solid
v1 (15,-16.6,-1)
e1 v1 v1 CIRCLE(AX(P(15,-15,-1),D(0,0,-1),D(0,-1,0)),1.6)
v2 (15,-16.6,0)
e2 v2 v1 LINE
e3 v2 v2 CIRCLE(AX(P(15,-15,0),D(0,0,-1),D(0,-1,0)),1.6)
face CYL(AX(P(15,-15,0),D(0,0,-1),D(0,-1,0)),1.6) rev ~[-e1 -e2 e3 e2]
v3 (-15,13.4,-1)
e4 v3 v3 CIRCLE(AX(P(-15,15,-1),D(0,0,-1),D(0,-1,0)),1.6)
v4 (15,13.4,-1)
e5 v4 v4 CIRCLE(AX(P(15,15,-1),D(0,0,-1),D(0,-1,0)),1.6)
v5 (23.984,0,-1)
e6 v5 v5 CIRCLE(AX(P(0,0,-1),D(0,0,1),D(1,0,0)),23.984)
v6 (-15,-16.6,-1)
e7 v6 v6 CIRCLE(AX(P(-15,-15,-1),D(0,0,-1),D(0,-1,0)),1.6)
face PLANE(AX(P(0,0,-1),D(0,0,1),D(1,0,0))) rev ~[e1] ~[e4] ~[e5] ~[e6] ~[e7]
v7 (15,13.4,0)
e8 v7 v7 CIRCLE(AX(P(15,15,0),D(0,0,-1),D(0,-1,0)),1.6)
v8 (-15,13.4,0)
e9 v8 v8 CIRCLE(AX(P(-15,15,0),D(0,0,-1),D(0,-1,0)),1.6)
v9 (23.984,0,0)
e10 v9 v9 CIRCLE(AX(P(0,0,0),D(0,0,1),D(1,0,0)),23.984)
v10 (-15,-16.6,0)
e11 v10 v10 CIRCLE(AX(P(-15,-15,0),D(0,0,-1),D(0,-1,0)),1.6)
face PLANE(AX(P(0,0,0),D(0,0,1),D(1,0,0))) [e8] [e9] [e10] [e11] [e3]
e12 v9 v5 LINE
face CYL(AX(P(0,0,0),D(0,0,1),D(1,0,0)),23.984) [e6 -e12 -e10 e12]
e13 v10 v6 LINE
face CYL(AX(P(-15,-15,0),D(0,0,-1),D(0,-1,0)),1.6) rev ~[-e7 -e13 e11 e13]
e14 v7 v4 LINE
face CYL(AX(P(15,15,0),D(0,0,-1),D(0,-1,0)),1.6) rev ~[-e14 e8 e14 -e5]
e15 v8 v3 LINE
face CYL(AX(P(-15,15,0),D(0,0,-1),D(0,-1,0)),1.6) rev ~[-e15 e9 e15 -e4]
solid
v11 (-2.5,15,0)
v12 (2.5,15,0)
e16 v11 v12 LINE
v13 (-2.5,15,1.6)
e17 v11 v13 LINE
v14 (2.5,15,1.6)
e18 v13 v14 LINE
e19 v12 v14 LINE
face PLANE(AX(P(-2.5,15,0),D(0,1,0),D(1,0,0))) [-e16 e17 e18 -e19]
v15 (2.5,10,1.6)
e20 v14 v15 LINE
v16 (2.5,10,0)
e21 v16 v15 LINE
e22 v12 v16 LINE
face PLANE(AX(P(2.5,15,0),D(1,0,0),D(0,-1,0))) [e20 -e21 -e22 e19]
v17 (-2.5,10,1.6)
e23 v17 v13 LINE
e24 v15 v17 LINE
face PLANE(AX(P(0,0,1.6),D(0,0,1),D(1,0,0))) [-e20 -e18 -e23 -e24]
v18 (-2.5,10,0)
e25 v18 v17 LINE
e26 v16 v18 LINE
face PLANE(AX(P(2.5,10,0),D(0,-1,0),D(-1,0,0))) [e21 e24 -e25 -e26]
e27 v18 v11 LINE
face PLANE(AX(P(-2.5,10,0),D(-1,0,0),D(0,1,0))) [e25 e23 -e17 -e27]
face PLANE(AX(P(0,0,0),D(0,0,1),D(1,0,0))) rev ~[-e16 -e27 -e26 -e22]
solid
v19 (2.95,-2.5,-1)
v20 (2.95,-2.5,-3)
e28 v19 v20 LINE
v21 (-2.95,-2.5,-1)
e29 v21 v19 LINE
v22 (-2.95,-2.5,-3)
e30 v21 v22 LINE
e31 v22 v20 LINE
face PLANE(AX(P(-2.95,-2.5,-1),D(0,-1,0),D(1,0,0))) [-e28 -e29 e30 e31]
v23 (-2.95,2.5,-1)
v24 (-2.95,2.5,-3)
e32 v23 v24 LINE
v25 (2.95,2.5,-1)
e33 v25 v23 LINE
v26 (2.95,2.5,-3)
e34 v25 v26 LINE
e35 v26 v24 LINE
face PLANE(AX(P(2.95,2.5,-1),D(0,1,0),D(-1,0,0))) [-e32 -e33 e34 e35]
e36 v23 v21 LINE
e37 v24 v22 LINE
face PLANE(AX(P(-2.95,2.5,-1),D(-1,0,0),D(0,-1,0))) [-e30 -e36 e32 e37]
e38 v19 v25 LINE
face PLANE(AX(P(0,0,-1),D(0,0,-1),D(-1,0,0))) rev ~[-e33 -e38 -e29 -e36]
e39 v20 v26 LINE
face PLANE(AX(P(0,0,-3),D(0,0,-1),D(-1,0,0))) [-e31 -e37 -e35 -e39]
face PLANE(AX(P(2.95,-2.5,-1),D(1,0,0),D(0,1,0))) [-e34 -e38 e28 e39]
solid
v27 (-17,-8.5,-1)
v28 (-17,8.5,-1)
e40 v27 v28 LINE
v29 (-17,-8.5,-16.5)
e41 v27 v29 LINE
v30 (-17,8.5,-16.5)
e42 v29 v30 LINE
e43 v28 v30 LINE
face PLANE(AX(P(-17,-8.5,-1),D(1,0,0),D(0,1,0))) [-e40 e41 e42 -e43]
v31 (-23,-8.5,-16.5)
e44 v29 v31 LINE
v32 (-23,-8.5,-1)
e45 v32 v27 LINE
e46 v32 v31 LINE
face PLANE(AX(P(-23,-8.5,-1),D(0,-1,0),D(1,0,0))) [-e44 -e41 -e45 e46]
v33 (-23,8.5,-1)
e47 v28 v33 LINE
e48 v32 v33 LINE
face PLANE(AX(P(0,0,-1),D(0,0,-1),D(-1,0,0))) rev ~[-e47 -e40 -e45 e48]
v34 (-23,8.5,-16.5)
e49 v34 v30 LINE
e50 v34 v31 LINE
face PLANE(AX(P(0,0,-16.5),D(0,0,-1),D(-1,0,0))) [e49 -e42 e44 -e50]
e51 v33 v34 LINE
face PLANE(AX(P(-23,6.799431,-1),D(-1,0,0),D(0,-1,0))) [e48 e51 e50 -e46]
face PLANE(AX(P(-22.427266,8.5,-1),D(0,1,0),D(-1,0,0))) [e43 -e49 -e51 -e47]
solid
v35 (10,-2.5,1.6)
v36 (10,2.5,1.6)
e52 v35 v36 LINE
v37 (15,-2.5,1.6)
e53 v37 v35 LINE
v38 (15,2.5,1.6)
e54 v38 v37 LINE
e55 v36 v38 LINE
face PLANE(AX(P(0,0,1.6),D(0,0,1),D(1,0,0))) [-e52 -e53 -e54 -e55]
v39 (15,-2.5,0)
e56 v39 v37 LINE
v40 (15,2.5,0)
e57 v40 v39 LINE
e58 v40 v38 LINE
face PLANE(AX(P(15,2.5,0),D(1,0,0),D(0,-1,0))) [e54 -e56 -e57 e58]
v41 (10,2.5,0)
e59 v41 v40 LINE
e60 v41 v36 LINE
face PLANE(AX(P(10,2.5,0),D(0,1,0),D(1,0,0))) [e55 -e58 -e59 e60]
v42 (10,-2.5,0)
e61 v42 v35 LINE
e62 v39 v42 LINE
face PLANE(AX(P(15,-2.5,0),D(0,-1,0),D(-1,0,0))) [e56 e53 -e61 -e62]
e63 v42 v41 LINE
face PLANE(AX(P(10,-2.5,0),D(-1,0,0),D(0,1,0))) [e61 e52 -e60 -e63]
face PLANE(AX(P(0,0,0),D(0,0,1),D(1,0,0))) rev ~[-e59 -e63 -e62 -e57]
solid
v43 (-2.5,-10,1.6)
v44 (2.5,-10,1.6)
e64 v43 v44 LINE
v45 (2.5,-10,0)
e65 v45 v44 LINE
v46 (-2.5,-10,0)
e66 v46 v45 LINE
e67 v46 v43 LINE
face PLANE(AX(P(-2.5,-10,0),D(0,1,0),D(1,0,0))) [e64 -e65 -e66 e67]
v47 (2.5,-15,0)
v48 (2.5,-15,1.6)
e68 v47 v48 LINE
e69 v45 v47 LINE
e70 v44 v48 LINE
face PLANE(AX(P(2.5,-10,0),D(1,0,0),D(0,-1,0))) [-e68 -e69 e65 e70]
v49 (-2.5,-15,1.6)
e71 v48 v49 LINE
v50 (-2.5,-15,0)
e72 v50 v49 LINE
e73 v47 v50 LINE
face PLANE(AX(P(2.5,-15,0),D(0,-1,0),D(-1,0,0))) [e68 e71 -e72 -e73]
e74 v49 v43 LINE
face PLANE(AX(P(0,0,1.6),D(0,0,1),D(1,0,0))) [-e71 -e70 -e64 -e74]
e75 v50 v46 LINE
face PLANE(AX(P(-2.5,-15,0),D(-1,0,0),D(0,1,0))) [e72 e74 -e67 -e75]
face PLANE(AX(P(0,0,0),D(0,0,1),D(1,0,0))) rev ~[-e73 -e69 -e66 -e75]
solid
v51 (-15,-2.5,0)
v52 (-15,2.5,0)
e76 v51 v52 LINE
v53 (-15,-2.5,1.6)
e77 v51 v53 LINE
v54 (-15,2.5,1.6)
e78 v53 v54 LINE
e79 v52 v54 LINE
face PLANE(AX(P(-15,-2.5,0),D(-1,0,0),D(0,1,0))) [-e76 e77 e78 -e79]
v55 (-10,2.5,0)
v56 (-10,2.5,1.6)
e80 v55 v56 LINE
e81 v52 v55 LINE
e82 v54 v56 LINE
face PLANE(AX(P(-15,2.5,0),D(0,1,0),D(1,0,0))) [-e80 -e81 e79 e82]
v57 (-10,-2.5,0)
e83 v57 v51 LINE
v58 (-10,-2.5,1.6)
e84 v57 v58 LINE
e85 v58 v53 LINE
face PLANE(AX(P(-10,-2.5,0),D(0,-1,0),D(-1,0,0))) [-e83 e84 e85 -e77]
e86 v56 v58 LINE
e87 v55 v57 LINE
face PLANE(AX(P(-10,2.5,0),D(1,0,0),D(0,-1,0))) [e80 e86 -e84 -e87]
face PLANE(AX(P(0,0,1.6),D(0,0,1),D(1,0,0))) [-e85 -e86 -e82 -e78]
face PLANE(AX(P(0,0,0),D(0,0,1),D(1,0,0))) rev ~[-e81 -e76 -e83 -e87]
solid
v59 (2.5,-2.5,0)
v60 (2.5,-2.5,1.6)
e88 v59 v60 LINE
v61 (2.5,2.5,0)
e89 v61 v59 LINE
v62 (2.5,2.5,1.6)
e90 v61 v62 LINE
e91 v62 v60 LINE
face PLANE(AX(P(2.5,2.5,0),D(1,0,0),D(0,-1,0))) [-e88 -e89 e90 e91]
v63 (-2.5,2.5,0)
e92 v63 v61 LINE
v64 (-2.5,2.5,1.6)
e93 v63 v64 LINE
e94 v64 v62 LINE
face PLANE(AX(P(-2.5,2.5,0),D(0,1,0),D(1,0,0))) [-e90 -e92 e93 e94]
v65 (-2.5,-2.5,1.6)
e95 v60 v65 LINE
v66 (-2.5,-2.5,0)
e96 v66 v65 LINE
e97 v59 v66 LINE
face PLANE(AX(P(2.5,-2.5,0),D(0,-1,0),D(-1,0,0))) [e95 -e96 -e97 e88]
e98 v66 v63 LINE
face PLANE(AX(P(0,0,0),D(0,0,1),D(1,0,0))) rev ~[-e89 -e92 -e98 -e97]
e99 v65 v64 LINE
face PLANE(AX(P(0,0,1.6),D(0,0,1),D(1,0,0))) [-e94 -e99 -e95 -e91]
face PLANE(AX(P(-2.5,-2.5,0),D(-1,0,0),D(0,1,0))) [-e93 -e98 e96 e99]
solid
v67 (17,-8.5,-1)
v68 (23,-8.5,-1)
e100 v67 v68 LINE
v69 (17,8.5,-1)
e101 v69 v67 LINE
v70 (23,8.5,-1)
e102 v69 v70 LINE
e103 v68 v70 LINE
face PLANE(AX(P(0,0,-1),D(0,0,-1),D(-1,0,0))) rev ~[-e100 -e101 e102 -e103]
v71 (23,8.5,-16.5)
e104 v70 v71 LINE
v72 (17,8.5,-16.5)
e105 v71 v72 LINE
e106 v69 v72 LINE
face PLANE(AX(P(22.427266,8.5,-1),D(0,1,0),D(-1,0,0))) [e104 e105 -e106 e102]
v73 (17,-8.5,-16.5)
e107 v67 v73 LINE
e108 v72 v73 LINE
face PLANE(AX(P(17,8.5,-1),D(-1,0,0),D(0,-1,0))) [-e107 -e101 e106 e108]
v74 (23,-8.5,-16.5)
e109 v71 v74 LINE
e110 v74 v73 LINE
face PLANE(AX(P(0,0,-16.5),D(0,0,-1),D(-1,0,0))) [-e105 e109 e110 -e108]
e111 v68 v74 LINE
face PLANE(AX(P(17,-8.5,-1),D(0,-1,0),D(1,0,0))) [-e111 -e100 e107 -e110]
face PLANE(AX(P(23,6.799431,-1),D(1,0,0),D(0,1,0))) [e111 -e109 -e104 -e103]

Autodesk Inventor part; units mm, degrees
ref_plane "YZ Plane" through (0, 0, 0) normal (1, 0, 0) x (0, 1, 0)
ref_plane "XZ Plane" through (0, 0, 0) normal (0, 1, 0) x (-1, 0, 0)
ref_plane "XY Plane" through (0, 0, 0) normal (0, 0, 1) x (1, 0, 0)
sketch "Skizze1" plane through (0, 0, 0) normal (0, 0, 1) x (1, 0, 0)
  circle A0 centre (0, 0) radius 25
  circle A1 centre (0, 0) radius 23.984
  circle A2 centre (0, 0) radius 21.2132 construction
  line L0 (-15, 15) -> (15, 15) construction
  line L1 (15, 15) -> (15, -15) construction
  line L2 (15, -15) -> (-15, -15) construction
  line L3 (-15, -15) -> (-15, 15) construction
  point P0 (15, 15)
  point P1 (15, -15)
  dimension "d0" = 50
  dimension "d1" = 1.016
  dimension "d2" = 30
extrude "Extrusion1" add sketch "Skizze1" against normal blind 1 contours A1
hole "Bohrung1" at (-15, 15, 0) at (15, 15, 0) at (15, -15, 0) at (-15, -15, 0) direction (0, 0, -1) diameter 3.2 end through all
sketch "Skizze2" plane through (0, 0, 0) normal (0, 0, 1) x (1, 0, 0)
  circle A0 centre (15, -15) radius 1.6 projected
  circle A1 centre (-15, 15) radius 1.6 projected
  circle A2 centre (15, 15) radius 1.6 projected
  circle A3 centre (-15, -15) radius 1.6 projected
  circle A4 centre (0, 0) radius 23.984 projected
  line L0 (-25.6213, 25.3721) -> (25.184, 25.3721) construction
  line L1 (25.184, 25.3721) -> (25.184, -25.4332) construction
  line L2 (25.184, -25.4332) -> (-25.6213, -25.4332) construction
  line L3 (-25.6213, -25.4332) -> (-25.6213, 25.3721) construction
sketch "Skizze3" plane through (0, 0, 0) normal (0, 0, 1) x (1, 0, 0)
  circle A0 centre (0, 0) radius 23.984 projected
  line L0 (-2.5, 2.5) -> (2.5, 2.5)
  line L1 (2.5, 2.5) -> (2.5, -2.5)
  line L2 (2.5, -2.5) -> (-2.5, -2.5)
  line L3 (-2.5, -2.5) -> (-2.5, 2.5)
  line L4 (-15, 2.5) -> (-10, 2.5)
  line L5 (-10, 2.5) -> (-10, -2.5)
  line L6 (-10, -2.5) -> (-15, -2.5)
  line L7 (-15, -2.5) -> (-15, 2.5)
  line L8 (-15, 2.5) -> (-10, -2.5) construction
  line L9 (-2.5, 2.5) -> (2.5, -2.5) construction
  line L10 (2.5, -2.5) -> (0, 0) construction
  line L11 (0, 0) -> (-12.5, 0) construction
  line L12 (-2.5, -15) -> (-2.5, -10)
  line L13 (-2.5, -10) -> (2.5, -10)
  line L14 (2.5, -10) -> (2.5, -15)
  line L15 (2.5, -15) -> (-2.5, -15)
  line L16 (15, -2.5) -> (10, -2.5)
  line L17 (10, -2.5) -> (10, 2.5)
  line L18 (10, 2.5) -> (15, 2.5)
  line L19 (15, 2.5) -> (15, -2.5)
  line L20 (2.5, 15) -> (2.5, 10)
  line L21 (2.5, 10) -> (-2.5, 10)
  line L22 (-2.5, 10) -> (-2.5, 15)
  line L23 (-2.5, 15) -> (2.5, 15)
  dimension "d24" = 5
  dimension "d25" = 12.5
  dimension "d28" = 360
extrude "Extrusion2" add sketch "Skizze3" along normal blind 1.6 separate body contours L0 L1 L2 L3 | L4 L5 L6 L7 | L12 L13 L14 L15 | L16 L17 L18 L19 | L20 L21 L22 L23
sketch "Skizze4" plane through (0, 0, -1) normal (0, 0, -1) x (-1, 0, 0)
  circle A0 centre (0, 0) radius 23.984 projected
  line L0 (-2.95, 2.5) -> (2.95, 2.5)
  line L1 (2.95, 2.5) -> (2.95, -2.5)
  line L2 (2.95, -2.5) -> (-2.95, -2.5)
  line L3 (-2.95, -2.5) -> (-2.95, 2.5)
  line L4 (-2.95, -2.5) -> (2.95, 2.5) construction
  dimension "d33" = 5.9
  dimension "d34" = 5
extrude "Extrusion3" add sketch "Skizze4" along normal blind 2 separate body contours L0 L1 L2 L3
sketch "Skizze5" plane through (0, 0, -1) normal (0, 0, -1) x (-1, 0, 0)
  circle A0 centre (0, 0) radius 23.984 projected
  line L0 (-23, 8.5) -> (-17, 8.5)
  line L1 (-17, 8.5) -> (-17, -8.5)
  line L2 (-17, -8.5) -> (-23, -8.5)
  line L3 (-23, -8.5) -> (-23, 8.5)
  line L4 (17, 8.5) -> (23, 8.5)
  line L5 (23, 8.5) -> (23, -8.5)
  line L6 (23, -8.5) -> (17, -8.5)
  line L7 (17, -8.5) -> (17, 8.5)
  line L8 (-23, 0) -> (23, 0) construction
  line L9 (-20, 8.5) -> (-20, -8.5) construction
  point P0 (0, 0)
  dimension "d38" = 17
  dimension "d39" = 6
  dimension "d40" = 20
extrude "Extrusion4" add sketch "Skizze5" along normal blind 15.5 contours L5 A0 L6 L7 L4 | A0 L4 L5 | L5 L6 A0 | L0 L1 L2 A0 L3 | A0 L3 L0 | L2 L3 A0 bodies 3
sketch "Skizze6" plane through (0, 0, -1) normal (0, 0, -1) x (-1, 0, 0)
  line L0 (-26.2075, 26.1914) -> (26.4628, 26.1914) construction
  line L1 (26.4628, 26.1914) -> (26.4628, -26.479) construction
  line L2 (26.4628, -26.479) -> (-26.2075, -26.479) construction
  line L3 (-26.2075, -26.479) -> (-26.2075, 26.1914) construction
properties part number "Encoder with LEDs"
